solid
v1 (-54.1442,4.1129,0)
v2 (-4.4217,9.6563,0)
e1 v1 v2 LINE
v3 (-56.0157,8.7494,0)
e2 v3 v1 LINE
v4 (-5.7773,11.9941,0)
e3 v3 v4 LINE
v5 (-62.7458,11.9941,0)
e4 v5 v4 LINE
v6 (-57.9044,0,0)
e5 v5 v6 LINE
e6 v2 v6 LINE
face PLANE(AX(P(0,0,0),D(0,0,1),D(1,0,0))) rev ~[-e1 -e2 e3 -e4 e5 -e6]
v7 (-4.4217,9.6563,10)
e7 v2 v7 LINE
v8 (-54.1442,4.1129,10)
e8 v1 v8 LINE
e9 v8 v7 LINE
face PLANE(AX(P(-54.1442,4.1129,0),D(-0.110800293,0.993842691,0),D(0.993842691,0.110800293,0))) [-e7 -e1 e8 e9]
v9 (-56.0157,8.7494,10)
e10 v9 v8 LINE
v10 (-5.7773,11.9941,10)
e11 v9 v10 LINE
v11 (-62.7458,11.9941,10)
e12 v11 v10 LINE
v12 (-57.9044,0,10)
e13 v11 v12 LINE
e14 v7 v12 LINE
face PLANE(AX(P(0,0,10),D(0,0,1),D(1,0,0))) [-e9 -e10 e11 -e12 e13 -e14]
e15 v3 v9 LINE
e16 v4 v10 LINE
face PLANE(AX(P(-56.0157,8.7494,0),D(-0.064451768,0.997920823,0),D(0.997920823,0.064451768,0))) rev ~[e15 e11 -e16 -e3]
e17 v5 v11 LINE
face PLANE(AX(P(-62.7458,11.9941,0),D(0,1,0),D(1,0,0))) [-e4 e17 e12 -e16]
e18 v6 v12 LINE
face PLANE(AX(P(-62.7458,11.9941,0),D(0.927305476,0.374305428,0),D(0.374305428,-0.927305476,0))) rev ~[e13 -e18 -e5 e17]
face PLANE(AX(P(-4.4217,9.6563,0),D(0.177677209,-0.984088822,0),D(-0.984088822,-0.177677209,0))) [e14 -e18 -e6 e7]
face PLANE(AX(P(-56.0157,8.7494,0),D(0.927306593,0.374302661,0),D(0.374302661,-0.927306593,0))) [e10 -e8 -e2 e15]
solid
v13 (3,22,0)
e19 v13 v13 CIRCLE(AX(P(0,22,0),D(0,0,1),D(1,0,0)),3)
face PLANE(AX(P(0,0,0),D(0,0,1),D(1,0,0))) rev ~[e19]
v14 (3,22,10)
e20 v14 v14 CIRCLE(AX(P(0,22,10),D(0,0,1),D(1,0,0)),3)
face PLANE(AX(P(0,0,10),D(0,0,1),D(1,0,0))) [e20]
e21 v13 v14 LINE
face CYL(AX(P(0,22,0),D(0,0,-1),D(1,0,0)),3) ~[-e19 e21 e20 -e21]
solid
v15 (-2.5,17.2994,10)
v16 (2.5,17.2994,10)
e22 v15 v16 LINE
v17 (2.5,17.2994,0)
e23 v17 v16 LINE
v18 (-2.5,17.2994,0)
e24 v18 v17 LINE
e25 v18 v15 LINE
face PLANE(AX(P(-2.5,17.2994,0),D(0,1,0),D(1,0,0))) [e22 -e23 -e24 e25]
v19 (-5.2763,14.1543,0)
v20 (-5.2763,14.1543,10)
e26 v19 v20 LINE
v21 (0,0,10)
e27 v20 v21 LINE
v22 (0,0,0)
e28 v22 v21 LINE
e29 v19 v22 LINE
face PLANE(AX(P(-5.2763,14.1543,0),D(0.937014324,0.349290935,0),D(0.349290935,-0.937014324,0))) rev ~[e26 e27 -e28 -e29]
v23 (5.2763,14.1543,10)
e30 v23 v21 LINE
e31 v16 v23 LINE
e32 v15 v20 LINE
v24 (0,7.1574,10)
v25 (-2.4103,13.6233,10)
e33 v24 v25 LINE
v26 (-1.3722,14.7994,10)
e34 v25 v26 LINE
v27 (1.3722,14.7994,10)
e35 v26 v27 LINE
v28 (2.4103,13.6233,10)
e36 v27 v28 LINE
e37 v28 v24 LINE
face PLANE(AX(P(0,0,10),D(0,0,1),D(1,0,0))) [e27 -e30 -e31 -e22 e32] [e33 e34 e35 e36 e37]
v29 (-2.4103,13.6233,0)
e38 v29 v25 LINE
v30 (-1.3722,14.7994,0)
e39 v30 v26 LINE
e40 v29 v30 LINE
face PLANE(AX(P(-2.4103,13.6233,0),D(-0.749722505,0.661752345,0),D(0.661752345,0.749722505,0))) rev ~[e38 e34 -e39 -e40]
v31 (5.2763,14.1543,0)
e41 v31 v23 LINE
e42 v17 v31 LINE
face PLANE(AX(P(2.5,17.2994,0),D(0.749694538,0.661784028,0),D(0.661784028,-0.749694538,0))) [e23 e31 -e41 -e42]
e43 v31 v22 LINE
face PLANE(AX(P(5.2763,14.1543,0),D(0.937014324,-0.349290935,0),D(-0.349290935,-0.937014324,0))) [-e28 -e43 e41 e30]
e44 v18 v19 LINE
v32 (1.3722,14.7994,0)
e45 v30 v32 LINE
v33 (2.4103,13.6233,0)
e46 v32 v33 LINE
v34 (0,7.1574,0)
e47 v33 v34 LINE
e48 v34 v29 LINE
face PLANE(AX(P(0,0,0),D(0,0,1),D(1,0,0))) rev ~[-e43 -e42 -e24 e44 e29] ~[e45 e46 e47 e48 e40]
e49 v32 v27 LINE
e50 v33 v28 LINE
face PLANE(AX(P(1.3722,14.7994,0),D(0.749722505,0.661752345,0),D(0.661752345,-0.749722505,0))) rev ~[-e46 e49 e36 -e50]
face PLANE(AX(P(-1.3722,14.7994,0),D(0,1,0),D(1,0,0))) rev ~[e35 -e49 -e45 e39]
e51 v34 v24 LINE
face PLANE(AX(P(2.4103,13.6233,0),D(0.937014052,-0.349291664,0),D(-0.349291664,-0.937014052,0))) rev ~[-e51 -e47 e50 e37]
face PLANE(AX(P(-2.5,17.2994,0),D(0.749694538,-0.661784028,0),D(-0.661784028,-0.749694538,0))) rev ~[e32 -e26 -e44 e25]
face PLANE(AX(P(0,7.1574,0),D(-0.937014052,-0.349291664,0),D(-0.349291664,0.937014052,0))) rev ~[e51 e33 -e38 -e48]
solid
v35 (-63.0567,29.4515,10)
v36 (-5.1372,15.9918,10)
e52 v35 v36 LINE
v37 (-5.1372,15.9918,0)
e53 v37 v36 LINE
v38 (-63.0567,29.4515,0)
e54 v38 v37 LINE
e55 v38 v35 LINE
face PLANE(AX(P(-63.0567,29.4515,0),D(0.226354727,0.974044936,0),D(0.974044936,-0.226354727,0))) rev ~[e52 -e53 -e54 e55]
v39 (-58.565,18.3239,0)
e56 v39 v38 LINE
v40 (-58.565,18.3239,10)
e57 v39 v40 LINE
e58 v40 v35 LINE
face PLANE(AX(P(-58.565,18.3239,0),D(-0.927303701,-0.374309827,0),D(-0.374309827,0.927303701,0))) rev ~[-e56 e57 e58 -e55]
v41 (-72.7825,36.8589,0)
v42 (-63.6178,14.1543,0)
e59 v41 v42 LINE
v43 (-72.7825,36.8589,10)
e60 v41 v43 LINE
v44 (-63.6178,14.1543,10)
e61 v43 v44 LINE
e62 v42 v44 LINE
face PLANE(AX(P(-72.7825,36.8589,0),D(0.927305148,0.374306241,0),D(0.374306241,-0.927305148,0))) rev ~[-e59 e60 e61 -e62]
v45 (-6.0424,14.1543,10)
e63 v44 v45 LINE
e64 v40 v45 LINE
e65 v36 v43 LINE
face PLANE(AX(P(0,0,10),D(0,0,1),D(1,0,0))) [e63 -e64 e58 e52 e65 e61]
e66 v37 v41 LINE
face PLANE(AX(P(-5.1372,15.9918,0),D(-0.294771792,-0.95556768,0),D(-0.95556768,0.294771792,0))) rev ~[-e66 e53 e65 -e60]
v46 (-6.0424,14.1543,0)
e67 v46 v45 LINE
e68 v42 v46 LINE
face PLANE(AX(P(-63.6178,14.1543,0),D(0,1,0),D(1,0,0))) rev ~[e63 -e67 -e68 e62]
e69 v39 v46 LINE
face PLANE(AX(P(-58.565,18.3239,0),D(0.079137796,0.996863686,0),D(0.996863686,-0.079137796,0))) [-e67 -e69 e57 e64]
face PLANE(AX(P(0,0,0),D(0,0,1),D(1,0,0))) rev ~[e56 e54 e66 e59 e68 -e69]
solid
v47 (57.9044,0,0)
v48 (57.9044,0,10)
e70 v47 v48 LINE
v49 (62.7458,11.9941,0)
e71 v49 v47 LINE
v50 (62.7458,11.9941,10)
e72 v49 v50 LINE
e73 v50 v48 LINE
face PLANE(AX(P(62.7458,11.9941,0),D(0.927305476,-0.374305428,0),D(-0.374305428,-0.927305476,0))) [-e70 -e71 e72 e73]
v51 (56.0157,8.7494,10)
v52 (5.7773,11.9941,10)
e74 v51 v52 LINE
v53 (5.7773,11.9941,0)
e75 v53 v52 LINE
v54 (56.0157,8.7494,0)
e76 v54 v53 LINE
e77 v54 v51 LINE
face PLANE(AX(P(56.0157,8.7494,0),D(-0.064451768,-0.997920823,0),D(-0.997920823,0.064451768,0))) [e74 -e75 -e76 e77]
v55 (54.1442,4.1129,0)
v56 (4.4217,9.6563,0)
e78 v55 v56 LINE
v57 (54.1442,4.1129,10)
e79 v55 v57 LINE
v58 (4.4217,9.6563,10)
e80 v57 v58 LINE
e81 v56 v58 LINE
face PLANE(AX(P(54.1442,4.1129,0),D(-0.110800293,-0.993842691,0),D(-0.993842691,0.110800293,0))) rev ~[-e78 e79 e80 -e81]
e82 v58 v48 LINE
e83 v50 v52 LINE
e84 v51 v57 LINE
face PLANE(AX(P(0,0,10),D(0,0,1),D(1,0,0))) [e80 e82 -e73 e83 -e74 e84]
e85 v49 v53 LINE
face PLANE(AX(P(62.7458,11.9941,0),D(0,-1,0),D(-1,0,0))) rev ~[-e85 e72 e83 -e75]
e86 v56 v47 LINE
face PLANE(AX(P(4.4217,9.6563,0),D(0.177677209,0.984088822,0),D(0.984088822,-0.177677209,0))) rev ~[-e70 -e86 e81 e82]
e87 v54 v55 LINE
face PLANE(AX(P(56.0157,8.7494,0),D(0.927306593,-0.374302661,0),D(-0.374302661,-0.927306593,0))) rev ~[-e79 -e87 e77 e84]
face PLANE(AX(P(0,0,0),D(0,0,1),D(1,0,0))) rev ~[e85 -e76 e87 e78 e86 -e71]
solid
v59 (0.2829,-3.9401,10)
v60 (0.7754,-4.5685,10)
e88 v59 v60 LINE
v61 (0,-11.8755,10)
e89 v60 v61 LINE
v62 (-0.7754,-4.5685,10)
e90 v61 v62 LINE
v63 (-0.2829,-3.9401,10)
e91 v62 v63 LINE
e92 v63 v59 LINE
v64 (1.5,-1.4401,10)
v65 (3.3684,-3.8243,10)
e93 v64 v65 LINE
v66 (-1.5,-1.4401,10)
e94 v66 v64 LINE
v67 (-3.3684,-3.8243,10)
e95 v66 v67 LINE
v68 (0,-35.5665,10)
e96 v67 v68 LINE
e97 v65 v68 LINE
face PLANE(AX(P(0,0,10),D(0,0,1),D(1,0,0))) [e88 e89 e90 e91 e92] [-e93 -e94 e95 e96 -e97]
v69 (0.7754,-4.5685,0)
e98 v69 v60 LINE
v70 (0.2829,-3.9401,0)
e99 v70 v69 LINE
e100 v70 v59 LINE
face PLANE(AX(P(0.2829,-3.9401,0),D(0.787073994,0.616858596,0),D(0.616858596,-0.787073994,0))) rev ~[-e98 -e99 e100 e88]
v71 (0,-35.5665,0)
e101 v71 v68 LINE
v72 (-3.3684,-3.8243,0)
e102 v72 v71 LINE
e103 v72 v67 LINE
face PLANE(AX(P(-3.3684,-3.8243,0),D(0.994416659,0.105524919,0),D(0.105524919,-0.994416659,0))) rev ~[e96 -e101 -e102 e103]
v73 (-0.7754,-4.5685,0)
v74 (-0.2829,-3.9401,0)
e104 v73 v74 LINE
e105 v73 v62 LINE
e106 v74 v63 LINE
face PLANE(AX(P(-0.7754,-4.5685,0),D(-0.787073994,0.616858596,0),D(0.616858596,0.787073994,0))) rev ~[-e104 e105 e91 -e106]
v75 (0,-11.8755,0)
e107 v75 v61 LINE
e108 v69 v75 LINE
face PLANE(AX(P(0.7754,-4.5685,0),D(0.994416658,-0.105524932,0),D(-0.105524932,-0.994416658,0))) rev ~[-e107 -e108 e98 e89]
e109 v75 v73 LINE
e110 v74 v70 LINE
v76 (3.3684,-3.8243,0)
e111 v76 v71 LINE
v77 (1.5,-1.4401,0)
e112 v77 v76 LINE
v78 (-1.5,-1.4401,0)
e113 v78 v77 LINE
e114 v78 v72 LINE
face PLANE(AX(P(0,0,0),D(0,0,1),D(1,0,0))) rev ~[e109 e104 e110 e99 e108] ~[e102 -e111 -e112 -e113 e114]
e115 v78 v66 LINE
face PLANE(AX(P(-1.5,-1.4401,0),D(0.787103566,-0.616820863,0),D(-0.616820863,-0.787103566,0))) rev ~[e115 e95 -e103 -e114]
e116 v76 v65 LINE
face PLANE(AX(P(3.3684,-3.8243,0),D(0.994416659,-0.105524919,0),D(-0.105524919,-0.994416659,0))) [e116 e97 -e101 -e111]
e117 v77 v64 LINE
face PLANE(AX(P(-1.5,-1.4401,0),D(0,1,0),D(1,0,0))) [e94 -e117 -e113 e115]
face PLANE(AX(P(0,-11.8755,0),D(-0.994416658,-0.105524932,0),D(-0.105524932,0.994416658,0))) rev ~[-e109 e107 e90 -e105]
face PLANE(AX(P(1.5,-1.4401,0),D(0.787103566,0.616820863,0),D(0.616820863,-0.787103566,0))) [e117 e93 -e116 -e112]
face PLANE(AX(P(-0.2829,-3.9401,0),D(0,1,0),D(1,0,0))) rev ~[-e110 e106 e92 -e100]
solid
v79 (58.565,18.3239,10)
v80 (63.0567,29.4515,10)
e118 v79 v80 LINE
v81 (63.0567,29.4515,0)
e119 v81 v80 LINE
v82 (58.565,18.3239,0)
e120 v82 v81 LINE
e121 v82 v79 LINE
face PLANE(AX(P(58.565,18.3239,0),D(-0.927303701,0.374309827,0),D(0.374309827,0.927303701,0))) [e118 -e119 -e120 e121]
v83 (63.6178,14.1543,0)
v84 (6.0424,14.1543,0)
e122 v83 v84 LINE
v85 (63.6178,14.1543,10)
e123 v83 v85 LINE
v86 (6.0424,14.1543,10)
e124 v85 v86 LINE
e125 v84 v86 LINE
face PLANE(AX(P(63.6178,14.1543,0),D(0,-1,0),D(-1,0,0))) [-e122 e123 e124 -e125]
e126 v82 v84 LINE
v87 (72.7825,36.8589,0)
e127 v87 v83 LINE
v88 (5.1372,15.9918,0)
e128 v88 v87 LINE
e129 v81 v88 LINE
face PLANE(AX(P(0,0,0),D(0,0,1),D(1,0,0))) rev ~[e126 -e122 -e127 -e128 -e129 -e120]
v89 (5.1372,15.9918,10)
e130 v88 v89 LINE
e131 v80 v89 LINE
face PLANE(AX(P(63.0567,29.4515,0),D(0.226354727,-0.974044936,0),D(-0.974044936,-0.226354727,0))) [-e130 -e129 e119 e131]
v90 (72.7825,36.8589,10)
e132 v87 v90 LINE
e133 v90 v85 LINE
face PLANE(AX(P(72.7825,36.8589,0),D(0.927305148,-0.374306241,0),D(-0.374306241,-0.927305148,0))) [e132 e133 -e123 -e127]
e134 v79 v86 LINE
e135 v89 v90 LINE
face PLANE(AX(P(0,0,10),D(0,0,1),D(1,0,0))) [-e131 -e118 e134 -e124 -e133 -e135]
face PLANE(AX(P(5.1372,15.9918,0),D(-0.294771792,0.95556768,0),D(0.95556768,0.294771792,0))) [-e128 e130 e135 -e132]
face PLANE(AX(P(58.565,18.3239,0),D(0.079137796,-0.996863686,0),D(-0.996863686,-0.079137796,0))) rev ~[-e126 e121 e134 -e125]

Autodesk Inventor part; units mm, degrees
ref_plane "YZ Plane" through (0, 0, 0) normal (1, 0, 0) x (0, 1, 0)
ref_plane "XZ Plane" through (0, 0, 0) normal (0, 1, 0) x (-1, 0, 0)
ref_plane "XY Plane" through (0, 0, 0) normal (0, 0, 1) x (1, 0, 0)
sketch "Sketch1" plane through (0, 0, 0) normal (0, 0, 1) x (1, 0, 0)
  line L0 (0, 100) -> (0, -100) construction
  line L1 (-100, 0) -> (100, 0) construction
  circle A0 centre (0, 22) radius 3
  line L2 (-2.5, 17.2994) -> (2.5, 17.2994)
  line L3 (-2.5, 17.2994) -> (-5.2763, 14.1543)
  line L4 (-5.2763, 14.1543) -> (0, 0)
  line L5 (2.5, 17.2994) -> (5.2763, 14.1543)
  line L6 (5.2763, 14.1543) -> (0, 0)
  line L7 (-2.4103, 13.6233) -> (-1.3722, 14.7994)
  line L8 (-1.3722, 14.7994) -> (1.3722, 14.7994)
  line L9 (1.3722, 14.7994) -> (2.4103, 13.6233)
  line L10 (2.4103, 13.6233) -> (0, 7.1574)
  line L11 (0, 7.1574) -> (-2.4103, 13.6233)
  line L12 (-1.5, -1.4401) -> (1.5, -1.4401)
  line L13 (-5.2763, 14.1543) -> (0, -35.5665) construction
  line L14 (0, -35.5665) -> (5.2763, 14.1543) construction
  line L15 (-1.5, -1.4401) -> (-3.3684, -3.8243)
  line L16 (-3.3684, -3.8243) -> (0, -35.5665)
  line L17 (1.5, -1.4401) -> (3.3684, -3.8243)
  line L18 (3.3684, -3.8243) -> (0, -35.5665)
  line L19 (5.2763, 14.1543) -> (85.2763, 14.1543) construction
  line L20 (-74.3376, 40.7115) -> (-51.154, -16.7232) construction
  line L21 (-5.1372, 15.9918) -> (-72.7825, 36.8589)
  line L22 (-72.7825, 36.8589) -> (-63.6178, 14.1543)
  line L23 (-63.6178, 14.1543) -> (-6.0424, 14.1543)
  line L24 (-62.7458, 11.9941) -> (-5.7773, 11.9941)
  line L25 (-4.4217, 9.6563) -> (-57.9044, 0)
  line L26 (-62.7458, 11.9941) -> (-57.9044, 0)
  line L27 (-58.565, 18.3239) -> (-63.0567, 29.4515)
  line L28 (-56.0157, 8.7494) -> (-54.1442, 4.1129)
  line L29 (-63.0567, 29.4515) -> (-5.1372, 15.9918)
  line L30 (-56.0157, 8.7494) -> (-5.7773, 11.9941)
  line L31 (-54.1442, 4.1129) -> (-4.4217, 9.6563)
  line L32 (-58.565, 18.3239) -> (-6.0424, 14.1543)
  line L33 (-1.9416, 14.1543) -> (-6.0424, 14.1543) construction
  line L34 (-6.0424, 14.1543) -> (-85.2763, 14.1543) construction
  line L35 (74.3376, 40.7115) -> (51.154, -16.7232) construction
  line L36 (5.1372, 15.9918) -> (72.7825, 36.8589)
  line L37 (72.7825, 36.8589) -> (63.6178, 14.1543)
  line L38 (63.6178, 14.1543) -> (6.0424, 14.1543)
  line L39 (62.7458, 11.9941) -> (5.7773, 11.9941)
  line L40 (4.4217, 9.6563) -> (57.9044, 0)
  line L41 (62.7458, 11.9941) -> (57.9044, 0)
  line L42 (58.565, 18.3239) -> (63.0567, 29.4515)
  line L43 (56.0157, 8.7494) -> (54.1442, 4.1129)
  line L44 (63.0567, 29.4515) -> (5.1372, 15.9918)
  line L45 (56.0157, 8.7494) -> (5.7773, 11.9941)
  line L46 (54.1442, 4.1129) -> (4.4217, 9.6563)
  line L47 (58.565, 18.3239) -> (6.0424, 14.1543)
  line L48 (-0.7754, -4.5685) -> (-0.2829, -3.9401)
  line L49 (-0.2829, -3.9401) -> (0.2829, -3.9401)
  line L50 (0.2829, -3.9401) -> (0.7754, -4.5685)
  line L51 (0.7754, -4.5685) -> (0, -11.8755)
  line L52 (0, -11.8755) -> (-0.7754, -4.5685)
  point P0 (0, 17.2994)
  point P1 (0, -1.4401)
  point P2 (-9.4302, 14.1543)
  dimension "d51" = 5
  dimension "d52" = 22
  dimension "d53" = 2.5
  dimension "d54" = 3
  dimension "d64" = 2.5
extrude "Extrusion2" add sketch "Sketch1" along normal blind 10
properties part number "Dragonfly_logo"
